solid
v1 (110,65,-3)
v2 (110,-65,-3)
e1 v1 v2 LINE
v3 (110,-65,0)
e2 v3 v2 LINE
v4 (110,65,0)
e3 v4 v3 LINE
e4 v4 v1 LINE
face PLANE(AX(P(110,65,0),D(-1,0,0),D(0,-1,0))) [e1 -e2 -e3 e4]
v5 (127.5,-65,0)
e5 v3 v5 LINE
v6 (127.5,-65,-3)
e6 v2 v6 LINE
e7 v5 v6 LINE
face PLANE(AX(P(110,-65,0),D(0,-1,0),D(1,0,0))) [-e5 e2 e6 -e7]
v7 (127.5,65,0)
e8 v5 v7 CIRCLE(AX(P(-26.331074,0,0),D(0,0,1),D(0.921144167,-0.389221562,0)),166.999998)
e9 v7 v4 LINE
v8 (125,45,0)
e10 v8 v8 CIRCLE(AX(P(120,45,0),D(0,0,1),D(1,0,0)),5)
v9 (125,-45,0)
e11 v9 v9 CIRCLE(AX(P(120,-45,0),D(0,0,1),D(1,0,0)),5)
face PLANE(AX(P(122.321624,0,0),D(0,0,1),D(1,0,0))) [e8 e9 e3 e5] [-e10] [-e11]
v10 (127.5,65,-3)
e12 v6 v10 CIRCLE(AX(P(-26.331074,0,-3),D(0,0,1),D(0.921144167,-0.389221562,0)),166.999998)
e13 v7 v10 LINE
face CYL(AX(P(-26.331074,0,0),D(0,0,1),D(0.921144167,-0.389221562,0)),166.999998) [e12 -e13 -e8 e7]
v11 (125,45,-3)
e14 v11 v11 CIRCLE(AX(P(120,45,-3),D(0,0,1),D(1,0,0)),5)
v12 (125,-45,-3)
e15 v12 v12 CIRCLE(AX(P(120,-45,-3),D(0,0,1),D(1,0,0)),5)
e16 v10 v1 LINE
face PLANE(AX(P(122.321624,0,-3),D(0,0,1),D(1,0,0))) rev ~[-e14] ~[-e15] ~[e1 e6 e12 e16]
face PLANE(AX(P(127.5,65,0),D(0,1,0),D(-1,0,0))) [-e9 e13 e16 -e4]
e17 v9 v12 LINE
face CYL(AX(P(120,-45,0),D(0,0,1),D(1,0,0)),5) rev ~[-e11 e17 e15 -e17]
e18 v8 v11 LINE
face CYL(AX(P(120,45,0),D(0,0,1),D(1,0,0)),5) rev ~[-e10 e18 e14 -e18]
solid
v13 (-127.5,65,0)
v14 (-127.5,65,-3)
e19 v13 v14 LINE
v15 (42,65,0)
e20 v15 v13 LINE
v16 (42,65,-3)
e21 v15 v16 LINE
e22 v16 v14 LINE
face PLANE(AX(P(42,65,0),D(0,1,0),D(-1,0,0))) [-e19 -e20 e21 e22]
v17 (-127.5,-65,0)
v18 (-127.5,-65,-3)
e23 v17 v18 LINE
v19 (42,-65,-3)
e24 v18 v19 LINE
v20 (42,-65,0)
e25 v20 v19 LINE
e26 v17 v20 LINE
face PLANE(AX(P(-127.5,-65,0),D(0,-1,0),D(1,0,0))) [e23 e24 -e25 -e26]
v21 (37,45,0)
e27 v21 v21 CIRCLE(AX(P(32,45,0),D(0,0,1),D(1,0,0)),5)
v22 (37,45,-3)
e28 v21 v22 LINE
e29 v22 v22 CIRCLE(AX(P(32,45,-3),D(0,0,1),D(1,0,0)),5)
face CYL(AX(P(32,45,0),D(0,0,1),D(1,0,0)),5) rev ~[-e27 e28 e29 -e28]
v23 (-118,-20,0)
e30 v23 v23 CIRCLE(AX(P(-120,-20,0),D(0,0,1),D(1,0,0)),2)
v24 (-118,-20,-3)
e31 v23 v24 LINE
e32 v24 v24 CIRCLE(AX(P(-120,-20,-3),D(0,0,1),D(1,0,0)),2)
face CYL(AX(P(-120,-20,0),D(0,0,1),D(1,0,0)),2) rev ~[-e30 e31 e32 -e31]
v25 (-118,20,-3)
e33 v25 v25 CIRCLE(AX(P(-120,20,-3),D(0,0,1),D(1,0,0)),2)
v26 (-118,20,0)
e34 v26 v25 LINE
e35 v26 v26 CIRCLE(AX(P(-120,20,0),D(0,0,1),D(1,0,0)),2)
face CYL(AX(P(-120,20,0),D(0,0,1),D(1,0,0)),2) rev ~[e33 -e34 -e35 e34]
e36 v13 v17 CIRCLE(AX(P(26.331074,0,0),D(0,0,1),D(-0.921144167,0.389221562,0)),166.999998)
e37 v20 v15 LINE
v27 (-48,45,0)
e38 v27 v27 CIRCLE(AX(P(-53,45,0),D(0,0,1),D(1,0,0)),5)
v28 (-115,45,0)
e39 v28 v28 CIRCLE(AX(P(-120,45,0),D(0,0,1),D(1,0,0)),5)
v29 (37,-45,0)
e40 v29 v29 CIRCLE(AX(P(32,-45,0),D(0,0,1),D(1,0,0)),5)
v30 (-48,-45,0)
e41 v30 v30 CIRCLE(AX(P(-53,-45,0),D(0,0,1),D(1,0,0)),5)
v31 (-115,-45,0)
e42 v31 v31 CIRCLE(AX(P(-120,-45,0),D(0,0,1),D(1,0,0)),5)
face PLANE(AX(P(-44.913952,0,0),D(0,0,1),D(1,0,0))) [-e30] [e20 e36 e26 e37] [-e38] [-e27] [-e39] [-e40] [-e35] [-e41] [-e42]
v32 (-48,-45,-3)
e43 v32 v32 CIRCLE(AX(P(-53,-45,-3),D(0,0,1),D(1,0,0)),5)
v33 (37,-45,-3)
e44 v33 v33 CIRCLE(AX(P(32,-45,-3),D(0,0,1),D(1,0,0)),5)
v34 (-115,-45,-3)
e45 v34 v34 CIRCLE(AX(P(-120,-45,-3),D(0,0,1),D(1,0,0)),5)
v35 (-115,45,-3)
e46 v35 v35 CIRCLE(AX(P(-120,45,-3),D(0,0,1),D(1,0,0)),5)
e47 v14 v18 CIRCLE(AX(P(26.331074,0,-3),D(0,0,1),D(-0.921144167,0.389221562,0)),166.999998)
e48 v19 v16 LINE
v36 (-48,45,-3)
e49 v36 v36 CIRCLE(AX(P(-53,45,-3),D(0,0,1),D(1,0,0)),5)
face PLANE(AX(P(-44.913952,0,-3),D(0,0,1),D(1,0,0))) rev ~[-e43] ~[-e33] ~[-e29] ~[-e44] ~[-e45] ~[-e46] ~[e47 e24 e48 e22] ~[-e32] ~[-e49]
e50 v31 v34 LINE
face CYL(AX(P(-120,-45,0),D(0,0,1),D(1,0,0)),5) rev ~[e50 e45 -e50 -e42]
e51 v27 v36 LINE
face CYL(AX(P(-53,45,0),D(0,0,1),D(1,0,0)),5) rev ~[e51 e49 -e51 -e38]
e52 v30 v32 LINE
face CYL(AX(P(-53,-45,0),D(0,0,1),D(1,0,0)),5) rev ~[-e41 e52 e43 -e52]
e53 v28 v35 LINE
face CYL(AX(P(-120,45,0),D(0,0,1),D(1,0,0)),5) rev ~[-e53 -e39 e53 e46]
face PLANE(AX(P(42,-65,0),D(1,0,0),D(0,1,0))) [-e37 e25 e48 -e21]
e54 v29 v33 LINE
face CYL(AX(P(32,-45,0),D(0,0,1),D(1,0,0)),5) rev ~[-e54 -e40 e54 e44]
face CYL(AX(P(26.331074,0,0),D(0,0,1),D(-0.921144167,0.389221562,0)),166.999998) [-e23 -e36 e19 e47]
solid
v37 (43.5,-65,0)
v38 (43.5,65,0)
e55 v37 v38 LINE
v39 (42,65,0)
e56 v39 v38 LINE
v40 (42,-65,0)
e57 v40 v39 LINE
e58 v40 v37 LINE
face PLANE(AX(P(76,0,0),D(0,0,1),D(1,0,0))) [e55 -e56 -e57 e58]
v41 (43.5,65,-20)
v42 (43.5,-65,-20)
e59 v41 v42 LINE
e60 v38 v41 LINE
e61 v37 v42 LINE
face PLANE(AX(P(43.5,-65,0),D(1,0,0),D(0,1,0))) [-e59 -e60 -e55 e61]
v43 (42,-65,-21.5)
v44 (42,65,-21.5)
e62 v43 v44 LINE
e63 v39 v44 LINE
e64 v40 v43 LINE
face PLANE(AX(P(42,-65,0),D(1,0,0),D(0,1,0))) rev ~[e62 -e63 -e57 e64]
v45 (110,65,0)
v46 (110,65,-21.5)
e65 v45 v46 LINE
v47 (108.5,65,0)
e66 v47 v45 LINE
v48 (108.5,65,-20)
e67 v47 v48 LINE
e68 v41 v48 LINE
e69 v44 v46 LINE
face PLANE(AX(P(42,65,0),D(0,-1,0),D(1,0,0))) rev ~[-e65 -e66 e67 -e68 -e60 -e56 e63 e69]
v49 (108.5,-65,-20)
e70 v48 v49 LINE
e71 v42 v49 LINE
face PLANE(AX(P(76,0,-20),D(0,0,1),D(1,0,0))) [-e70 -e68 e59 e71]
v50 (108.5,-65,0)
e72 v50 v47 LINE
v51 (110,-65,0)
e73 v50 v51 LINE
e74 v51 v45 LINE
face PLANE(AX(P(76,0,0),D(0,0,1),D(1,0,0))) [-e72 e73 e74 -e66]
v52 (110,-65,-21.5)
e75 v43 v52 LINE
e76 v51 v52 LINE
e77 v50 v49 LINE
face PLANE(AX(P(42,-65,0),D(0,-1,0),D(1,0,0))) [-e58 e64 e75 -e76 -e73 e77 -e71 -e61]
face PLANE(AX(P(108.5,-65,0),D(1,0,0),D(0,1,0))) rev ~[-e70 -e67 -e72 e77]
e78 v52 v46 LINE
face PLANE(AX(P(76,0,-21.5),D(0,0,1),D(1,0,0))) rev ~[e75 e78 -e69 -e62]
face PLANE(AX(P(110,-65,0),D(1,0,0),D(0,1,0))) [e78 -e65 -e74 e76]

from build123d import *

# Parameters (mm, degrees)
F0_R     = 5
F0_R_2   = 2
F1_DEPTH = 3
F0_W     = 68
F0_H     = 130
F2_DEPTH = 21.5
F3_T     = -1.5


with BuildPart() as f1:
    # F0 (on Top) → F1 (new body)
    with BuildSketch(Plane.XY):
        with BuildLine():
            Line((-127.5, -65), (42, -65))
            Line((42, -65), (42, 65))
            Line((42, 65), (-127.5, 65))
            ThreePointArc((-127.5, 65), (-140.668924, 0), (-127.5, -65))
        make_face()
        with Locations((-120, -45)):
            Circle(F0_R, mode=Mode.SUBTRACT)
        with Locations((-53, -45)):
            Circle(F0_R, mode=Mode.SUBTRACT)
        with Locations((-120, -20)):
            Circle(F0_R_2, mode=Mode.SUBTRACT)
        with Locations((32, -45)):
            Circle(F0_R, mode=Mode.SUBTRACT)
        with Locations((-120, 20)):
            Circle(F0_R_2, mode=Mode.SUBTRACT)
        with Locations((-120, 45)):
            Circle(F0_R, mode=Mode.SUBTRACT)
        with Locations((-53, 45)):
            Circle(F0_R, mode=Mode.SUBTRACT)
        with Locations((32, 45)):
            Circle(F0_R, mode=Mode.SUBTRACT)
        with BuildLine():
            Line((110, -65), (127.5, -65))
            ThreePointArc((127.5, -65), (140.668924, 0), (127.5, 65))
            Line((127.5, 65), (110, 65))
            Line((110, 65), (110, -65))
        make_face()
        with Locations((120, -45)):
            Circle(F0_R, mode=Mode.SUBTRACT)
        with Locations((120, 45)):
            Circle(F0_R, mode=Mode.SUBTRACT)
    extrude(amount=-F1_DEPTH)


with BuildPart() as f2:
    # F0 (on Top) → F2 (new body)
    with BuildSketch(Plane.XY):
        with Locations((76, 0)):
            Rectangle(F0_W, F0_H)
    extrude(amount=-F2_DEPTH)

    # F3
    f3_openings = [f2.faces().sort_by_distance(p)[0] for p in [
        (76, -65, -10.75),
        (76, 65, -10.75),
        (76, 0, 0),
    ]]
    offset(amount=F3_T, openings=f3_openings)


solid = Compound([f1.part, f2.part])
